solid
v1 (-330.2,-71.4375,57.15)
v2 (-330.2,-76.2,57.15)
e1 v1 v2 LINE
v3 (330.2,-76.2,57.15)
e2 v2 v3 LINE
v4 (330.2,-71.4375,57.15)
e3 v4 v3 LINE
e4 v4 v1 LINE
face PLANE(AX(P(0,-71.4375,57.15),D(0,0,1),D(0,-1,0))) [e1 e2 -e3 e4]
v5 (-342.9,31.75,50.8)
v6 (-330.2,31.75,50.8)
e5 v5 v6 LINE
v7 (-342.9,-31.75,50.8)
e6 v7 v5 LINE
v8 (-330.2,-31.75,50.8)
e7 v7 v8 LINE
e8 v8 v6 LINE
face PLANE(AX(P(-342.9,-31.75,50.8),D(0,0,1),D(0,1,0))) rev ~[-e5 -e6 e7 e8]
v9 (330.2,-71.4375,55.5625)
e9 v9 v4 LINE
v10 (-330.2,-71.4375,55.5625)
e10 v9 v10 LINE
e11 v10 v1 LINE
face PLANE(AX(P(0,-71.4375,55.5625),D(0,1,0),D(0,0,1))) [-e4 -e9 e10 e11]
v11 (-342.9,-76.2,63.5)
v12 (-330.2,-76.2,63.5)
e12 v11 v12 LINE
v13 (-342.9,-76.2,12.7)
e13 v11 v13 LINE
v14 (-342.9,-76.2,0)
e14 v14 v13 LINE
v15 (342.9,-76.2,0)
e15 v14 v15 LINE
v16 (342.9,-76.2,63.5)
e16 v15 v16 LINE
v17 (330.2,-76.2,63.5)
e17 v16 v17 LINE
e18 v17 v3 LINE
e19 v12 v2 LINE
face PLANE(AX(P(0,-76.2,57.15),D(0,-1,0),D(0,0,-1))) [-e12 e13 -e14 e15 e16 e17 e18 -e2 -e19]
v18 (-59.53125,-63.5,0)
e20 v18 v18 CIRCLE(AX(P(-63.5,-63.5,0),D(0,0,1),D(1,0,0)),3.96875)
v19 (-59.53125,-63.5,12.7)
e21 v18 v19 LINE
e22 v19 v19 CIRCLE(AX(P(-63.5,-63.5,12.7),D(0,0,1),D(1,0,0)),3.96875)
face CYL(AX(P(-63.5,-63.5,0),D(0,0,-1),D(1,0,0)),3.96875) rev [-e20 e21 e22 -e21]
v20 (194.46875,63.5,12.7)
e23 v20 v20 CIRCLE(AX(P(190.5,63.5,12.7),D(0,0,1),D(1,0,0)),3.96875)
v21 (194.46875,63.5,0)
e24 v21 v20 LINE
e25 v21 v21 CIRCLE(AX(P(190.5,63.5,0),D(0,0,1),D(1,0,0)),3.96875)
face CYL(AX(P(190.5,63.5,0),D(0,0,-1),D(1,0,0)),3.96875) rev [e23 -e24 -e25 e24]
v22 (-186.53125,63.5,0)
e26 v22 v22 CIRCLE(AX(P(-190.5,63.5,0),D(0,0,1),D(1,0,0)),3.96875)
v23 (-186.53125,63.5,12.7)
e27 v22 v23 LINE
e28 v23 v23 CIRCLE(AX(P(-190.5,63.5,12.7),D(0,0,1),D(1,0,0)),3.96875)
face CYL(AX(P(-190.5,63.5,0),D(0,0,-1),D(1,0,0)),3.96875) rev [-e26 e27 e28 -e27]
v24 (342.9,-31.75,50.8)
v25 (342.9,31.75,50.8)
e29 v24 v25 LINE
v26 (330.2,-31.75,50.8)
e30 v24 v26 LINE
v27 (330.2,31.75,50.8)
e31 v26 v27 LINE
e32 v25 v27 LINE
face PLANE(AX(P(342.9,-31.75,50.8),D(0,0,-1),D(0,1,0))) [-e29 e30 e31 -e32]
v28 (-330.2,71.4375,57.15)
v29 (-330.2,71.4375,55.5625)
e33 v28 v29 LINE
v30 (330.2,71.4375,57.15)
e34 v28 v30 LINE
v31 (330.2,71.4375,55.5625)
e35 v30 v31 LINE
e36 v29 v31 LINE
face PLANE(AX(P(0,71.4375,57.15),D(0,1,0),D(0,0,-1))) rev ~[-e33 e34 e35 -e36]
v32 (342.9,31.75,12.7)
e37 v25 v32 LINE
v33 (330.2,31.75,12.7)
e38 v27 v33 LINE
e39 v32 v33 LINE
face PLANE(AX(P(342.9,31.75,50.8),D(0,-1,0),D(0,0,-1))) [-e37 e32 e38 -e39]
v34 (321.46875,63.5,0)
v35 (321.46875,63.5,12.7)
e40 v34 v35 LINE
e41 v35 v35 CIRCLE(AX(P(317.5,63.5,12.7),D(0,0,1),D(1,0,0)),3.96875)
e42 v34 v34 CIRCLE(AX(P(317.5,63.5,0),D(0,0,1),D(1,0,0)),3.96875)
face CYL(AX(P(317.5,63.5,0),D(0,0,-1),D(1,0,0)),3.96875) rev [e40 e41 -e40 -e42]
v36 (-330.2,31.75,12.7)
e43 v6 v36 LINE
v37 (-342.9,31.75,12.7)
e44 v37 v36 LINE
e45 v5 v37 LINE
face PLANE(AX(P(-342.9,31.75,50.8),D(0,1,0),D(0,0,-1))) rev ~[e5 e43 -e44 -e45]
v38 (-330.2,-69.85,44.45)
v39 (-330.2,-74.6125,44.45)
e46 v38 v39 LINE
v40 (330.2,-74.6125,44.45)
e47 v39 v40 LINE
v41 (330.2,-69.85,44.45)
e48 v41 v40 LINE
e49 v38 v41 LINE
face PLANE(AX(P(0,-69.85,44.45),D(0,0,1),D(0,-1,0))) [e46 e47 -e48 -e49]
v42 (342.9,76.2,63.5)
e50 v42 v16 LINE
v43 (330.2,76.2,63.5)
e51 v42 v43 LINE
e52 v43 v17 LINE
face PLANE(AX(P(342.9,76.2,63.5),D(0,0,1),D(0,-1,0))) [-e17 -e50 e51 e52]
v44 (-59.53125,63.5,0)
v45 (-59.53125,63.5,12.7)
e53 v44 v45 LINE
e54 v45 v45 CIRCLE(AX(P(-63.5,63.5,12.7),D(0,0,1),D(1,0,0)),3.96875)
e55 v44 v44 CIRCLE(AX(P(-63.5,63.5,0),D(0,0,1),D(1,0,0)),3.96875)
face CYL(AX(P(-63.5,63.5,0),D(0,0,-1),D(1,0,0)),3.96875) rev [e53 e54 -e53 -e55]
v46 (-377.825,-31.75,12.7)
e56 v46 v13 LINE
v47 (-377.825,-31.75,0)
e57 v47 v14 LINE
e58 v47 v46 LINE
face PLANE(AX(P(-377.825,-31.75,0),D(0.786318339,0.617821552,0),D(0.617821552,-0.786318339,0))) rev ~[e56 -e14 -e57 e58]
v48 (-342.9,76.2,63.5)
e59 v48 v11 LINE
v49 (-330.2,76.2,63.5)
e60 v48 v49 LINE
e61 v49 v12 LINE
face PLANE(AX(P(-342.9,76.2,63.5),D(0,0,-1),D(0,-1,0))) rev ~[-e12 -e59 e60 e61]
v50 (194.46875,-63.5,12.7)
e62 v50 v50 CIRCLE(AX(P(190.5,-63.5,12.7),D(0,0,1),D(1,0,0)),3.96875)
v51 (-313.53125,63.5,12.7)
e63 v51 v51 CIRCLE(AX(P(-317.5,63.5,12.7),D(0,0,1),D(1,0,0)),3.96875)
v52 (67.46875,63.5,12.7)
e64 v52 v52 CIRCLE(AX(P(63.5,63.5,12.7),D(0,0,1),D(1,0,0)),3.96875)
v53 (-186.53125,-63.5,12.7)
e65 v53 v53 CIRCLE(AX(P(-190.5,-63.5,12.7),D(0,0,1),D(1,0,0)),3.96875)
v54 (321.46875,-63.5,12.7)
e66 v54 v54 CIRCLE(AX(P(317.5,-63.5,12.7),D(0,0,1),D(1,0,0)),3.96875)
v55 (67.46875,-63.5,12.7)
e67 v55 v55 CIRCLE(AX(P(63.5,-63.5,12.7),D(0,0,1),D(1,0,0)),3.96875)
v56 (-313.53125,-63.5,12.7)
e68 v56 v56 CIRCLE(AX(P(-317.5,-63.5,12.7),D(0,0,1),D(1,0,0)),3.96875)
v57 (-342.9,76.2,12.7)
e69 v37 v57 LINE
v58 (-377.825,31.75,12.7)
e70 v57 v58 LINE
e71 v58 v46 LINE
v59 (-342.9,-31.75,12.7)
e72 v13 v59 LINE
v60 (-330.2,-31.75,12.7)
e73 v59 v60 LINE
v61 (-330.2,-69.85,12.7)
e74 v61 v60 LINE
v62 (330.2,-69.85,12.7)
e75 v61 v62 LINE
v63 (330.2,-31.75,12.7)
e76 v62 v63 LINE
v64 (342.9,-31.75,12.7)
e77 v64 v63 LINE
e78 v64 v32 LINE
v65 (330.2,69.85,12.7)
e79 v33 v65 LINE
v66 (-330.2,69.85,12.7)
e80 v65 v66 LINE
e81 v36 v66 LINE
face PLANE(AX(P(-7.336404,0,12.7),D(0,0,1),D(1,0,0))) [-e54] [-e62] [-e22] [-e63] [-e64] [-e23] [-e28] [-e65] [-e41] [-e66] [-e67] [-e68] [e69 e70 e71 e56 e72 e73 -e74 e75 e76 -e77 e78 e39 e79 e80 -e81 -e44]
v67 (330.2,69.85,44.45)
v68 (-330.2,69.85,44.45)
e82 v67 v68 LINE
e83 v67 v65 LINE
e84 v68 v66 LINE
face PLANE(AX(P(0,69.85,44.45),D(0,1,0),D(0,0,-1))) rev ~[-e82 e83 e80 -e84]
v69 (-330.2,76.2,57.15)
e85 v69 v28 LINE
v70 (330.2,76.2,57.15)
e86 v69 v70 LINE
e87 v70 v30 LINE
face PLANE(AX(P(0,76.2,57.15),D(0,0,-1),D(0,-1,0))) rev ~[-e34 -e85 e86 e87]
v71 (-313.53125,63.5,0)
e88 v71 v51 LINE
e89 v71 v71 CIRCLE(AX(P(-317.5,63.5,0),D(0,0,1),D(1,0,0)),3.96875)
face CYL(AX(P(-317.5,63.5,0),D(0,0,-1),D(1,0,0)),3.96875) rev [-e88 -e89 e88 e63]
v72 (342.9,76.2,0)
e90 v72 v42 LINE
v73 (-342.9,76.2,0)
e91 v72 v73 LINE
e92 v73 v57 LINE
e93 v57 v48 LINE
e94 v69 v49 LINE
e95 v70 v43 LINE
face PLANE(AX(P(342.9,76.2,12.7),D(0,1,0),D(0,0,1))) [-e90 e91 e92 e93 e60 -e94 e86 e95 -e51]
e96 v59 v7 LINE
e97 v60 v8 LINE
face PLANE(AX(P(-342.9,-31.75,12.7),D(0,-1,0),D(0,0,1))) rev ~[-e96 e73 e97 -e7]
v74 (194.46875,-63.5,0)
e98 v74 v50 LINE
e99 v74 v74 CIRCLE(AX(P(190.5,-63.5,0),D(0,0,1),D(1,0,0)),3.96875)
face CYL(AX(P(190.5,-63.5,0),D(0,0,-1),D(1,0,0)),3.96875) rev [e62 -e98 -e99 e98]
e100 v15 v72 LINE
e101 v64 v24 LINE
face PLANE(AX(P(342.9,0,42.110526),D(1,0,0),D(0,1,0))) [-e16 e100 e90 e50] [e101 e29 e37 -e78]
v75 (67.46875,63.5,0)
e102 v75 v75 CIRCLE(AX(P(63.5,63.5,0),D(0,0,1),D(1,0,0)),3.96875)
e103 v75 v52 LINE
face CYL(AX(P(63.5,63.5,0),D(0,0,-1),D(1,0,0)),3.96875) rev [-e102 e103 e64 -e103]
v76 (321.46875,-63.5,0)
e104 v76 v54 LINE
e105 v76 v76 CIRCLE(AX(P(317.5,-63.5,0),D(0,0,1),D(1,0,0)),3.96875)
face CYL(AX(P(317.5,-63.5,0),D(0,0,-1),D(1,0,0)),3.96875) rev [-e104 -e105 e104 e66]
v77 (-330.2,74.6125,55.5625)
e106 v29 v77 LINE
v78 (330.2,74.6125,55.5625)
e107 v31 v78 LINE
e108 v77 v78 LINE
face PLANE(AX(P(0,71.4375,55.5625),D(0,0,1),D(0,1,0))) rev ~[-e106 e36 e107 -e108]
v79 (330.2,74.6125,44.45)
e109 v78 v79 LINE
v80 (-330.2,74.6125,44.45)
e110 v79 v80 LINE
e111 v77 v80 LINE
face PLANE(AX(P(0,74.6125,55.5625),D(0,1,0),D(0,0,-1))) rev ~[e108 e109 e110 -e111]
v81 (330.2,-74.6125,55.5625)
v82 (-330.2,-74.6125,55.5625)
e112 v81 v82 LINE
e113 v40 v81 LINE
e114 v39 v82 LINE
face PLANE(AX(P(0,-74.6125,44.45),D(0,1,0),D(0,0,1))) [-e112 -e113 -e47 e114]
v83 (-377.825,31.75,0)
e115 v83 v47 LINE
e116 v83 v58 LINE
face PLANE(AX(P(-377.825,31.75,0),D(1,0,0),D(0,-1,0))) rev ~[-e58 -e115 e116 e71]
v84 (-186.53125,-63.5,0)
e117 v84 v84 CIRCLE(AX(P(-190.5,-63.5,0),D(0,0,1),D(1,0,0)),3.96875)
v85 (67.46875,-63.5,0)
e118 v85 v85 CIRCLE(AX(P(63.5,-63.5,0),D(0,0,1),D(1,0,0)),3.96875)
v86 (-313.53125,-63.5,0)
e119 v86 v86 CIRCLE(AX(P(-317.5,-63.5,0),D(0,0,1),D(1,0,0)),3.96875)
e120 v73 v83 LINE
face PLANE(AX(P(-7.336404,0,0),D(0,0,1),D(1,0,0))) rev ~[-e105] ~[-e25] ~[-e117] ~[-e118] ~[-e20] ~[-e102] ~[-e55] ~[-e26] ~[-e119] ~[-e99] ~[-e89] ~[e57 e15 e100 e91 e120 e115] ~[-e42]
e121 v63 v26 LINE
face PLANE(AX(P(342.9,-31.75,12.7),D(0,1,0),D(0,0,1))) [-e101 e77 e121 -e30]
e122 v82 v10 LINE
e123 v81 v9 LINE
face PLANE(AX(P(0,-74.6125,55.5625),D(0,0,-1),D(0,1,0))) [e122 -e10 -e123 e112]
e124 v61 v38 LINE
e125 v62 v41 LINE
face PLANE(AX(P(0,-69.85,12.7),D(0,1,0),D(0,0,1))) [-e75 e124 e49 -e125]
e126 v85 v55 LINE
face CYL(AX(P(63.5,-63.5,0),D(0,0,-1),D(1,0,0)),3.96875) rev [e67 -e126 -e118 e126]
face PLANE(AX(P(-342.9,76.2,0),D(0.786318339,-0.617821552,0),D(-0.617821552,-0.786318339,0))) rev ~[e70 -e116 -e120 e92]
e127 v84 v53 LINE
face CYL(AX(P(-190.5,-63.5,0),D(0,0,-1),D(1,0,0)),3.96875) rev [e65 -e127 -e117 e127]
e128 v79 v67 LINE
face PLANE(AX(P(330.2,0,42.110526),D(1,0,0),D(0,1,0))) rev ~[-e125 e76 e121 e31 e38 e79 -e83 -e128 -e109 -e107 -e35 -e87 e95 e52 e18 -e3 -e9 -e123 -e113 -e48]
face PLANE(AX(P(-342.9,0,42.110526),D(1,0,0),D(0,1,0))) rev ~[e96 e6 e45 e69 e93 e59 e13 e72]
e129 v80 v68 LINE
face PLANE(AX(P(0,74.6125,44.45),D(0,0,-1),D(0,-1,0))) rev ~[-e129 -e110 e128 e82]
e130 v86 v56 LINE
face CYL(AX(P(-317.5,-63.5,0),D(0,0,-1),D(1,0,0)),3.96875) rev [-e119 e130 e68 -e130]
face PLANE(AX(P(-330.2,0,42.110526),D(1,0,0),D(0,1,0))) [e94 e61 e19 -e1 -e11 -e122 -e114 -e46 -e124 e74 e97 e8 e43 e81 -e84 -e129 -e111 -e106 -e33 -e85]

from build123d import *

# Parameters (mm, degrees)
F0_R     = 3.96875
F1_DEPTH = 12.7
F4_DEPTH = 12.7
F6_DEPTH = 12.7
F8_DEPTH = 330.2


with BuildPart() as f1:
    # F0 (on Top) → F1 (new body)
    with BuildSketch(Plane.XY):
        Polygon((342.9, 76.2), (-342.9, 76.2), (-377.825, 31.75), (-377.825, -31.75), (-342.9, -76.2), (342.9, -76.2), align=None)
        with Locations((-317.5, -63.5)):
            Circle(F0_R, mode=Mode.SUBTRACT)
        with Locations((-190.5, -63.5)):
            Circle(F0_R, mode=Mode.SUBTRACT)
        with Locations((-63.5, -63.5)):
            Circle(F0_R, mode=Mode.SUBTRACT)
        with Locations((63.5, -63.5)):
            Circle(F0_R, mode=Mode.SUBTRACT)
        with Locations((190.5, -63.5)):
            Circle(F0_R, mode=Mode.SUBTRACT)
        with Locations((317.5, -63.5)):
            Circle(F0_R, mode=Mode.SUBTRACT)
        with Locations((-317.5, 63.5)):
            Circle(F0_R, mode=Mode.SUBTRACT)
        with Locations((-190.5, 63.5)):
            Circle(F0_R, mode=Mode.SUBTRACT)
        with Locations((-63.5, 63.5)):
            Circle(F0_R, mode=Mode.SUBTRACT)
        with Locations((63.5, 63.5)):
            Circle(F0_R, mode=Mode.SUBTRACT)
        with Locations((190.5, 63.5)):
            Circle(F0_R, mode=Mode.SUBTRACT)
        with Locations((317.5, 63.5)):
            Circle(F0_R, mode=Mode.SUBTRACT)
    extrude(amount=F1_DEPTH)

    # F3 (on plane+point) → F4 (join)
    with BuildSketch(Plane.YZ.offset(-342.9)):
        Polygon((76.2, 63.5), (-76.2, 63.5), (-76.2, 12.7), (-31.75, 12.7), (-31.75, 50.8), (31.75, 50.8), (31.75, 12.7), (76.2, 12.7), align=None)
    extrude(amount=F4_DEPTH)

    # F5 (on face) → F6 (join)
    with BuildSketch(Plane.YZ.offset(342.9)):
        Polygon((-76.2, 63.5), (-76.2, 12.7), (-31.75, 12.7), (-31.75, 50.8), (31.75, 50.8), (31.75, 12.7), (76.2, 12.7), (76.2, 63.5), align=None)
    extrude(amount=-F6_DEPTH)

    # F7 (on Right) → F8 (join, symmetric)
    with BuildSketch(Plane.YZ):
        Polygon((69.85, 12.7), (76.2, 12.7), (76.2, 57.15), (71.4375, 57.15), (71.4375, 55.5625), (74.6125, 55.5625), (74.6125, 44.45), (69.85, 44.45), align=None)
        Polygon((-71.4375, 57.15), (-76.2, 57.15), (-76.2, 12.7), (-69.85, 12.7), (-69.85, 44.45), (-74.6125, 44.45), (-74.6125, 55.5625), (-71.4375, 55.5625), align=None)
    extrude(amount=F8_DEPTH, both=True)


solid = f1.part
